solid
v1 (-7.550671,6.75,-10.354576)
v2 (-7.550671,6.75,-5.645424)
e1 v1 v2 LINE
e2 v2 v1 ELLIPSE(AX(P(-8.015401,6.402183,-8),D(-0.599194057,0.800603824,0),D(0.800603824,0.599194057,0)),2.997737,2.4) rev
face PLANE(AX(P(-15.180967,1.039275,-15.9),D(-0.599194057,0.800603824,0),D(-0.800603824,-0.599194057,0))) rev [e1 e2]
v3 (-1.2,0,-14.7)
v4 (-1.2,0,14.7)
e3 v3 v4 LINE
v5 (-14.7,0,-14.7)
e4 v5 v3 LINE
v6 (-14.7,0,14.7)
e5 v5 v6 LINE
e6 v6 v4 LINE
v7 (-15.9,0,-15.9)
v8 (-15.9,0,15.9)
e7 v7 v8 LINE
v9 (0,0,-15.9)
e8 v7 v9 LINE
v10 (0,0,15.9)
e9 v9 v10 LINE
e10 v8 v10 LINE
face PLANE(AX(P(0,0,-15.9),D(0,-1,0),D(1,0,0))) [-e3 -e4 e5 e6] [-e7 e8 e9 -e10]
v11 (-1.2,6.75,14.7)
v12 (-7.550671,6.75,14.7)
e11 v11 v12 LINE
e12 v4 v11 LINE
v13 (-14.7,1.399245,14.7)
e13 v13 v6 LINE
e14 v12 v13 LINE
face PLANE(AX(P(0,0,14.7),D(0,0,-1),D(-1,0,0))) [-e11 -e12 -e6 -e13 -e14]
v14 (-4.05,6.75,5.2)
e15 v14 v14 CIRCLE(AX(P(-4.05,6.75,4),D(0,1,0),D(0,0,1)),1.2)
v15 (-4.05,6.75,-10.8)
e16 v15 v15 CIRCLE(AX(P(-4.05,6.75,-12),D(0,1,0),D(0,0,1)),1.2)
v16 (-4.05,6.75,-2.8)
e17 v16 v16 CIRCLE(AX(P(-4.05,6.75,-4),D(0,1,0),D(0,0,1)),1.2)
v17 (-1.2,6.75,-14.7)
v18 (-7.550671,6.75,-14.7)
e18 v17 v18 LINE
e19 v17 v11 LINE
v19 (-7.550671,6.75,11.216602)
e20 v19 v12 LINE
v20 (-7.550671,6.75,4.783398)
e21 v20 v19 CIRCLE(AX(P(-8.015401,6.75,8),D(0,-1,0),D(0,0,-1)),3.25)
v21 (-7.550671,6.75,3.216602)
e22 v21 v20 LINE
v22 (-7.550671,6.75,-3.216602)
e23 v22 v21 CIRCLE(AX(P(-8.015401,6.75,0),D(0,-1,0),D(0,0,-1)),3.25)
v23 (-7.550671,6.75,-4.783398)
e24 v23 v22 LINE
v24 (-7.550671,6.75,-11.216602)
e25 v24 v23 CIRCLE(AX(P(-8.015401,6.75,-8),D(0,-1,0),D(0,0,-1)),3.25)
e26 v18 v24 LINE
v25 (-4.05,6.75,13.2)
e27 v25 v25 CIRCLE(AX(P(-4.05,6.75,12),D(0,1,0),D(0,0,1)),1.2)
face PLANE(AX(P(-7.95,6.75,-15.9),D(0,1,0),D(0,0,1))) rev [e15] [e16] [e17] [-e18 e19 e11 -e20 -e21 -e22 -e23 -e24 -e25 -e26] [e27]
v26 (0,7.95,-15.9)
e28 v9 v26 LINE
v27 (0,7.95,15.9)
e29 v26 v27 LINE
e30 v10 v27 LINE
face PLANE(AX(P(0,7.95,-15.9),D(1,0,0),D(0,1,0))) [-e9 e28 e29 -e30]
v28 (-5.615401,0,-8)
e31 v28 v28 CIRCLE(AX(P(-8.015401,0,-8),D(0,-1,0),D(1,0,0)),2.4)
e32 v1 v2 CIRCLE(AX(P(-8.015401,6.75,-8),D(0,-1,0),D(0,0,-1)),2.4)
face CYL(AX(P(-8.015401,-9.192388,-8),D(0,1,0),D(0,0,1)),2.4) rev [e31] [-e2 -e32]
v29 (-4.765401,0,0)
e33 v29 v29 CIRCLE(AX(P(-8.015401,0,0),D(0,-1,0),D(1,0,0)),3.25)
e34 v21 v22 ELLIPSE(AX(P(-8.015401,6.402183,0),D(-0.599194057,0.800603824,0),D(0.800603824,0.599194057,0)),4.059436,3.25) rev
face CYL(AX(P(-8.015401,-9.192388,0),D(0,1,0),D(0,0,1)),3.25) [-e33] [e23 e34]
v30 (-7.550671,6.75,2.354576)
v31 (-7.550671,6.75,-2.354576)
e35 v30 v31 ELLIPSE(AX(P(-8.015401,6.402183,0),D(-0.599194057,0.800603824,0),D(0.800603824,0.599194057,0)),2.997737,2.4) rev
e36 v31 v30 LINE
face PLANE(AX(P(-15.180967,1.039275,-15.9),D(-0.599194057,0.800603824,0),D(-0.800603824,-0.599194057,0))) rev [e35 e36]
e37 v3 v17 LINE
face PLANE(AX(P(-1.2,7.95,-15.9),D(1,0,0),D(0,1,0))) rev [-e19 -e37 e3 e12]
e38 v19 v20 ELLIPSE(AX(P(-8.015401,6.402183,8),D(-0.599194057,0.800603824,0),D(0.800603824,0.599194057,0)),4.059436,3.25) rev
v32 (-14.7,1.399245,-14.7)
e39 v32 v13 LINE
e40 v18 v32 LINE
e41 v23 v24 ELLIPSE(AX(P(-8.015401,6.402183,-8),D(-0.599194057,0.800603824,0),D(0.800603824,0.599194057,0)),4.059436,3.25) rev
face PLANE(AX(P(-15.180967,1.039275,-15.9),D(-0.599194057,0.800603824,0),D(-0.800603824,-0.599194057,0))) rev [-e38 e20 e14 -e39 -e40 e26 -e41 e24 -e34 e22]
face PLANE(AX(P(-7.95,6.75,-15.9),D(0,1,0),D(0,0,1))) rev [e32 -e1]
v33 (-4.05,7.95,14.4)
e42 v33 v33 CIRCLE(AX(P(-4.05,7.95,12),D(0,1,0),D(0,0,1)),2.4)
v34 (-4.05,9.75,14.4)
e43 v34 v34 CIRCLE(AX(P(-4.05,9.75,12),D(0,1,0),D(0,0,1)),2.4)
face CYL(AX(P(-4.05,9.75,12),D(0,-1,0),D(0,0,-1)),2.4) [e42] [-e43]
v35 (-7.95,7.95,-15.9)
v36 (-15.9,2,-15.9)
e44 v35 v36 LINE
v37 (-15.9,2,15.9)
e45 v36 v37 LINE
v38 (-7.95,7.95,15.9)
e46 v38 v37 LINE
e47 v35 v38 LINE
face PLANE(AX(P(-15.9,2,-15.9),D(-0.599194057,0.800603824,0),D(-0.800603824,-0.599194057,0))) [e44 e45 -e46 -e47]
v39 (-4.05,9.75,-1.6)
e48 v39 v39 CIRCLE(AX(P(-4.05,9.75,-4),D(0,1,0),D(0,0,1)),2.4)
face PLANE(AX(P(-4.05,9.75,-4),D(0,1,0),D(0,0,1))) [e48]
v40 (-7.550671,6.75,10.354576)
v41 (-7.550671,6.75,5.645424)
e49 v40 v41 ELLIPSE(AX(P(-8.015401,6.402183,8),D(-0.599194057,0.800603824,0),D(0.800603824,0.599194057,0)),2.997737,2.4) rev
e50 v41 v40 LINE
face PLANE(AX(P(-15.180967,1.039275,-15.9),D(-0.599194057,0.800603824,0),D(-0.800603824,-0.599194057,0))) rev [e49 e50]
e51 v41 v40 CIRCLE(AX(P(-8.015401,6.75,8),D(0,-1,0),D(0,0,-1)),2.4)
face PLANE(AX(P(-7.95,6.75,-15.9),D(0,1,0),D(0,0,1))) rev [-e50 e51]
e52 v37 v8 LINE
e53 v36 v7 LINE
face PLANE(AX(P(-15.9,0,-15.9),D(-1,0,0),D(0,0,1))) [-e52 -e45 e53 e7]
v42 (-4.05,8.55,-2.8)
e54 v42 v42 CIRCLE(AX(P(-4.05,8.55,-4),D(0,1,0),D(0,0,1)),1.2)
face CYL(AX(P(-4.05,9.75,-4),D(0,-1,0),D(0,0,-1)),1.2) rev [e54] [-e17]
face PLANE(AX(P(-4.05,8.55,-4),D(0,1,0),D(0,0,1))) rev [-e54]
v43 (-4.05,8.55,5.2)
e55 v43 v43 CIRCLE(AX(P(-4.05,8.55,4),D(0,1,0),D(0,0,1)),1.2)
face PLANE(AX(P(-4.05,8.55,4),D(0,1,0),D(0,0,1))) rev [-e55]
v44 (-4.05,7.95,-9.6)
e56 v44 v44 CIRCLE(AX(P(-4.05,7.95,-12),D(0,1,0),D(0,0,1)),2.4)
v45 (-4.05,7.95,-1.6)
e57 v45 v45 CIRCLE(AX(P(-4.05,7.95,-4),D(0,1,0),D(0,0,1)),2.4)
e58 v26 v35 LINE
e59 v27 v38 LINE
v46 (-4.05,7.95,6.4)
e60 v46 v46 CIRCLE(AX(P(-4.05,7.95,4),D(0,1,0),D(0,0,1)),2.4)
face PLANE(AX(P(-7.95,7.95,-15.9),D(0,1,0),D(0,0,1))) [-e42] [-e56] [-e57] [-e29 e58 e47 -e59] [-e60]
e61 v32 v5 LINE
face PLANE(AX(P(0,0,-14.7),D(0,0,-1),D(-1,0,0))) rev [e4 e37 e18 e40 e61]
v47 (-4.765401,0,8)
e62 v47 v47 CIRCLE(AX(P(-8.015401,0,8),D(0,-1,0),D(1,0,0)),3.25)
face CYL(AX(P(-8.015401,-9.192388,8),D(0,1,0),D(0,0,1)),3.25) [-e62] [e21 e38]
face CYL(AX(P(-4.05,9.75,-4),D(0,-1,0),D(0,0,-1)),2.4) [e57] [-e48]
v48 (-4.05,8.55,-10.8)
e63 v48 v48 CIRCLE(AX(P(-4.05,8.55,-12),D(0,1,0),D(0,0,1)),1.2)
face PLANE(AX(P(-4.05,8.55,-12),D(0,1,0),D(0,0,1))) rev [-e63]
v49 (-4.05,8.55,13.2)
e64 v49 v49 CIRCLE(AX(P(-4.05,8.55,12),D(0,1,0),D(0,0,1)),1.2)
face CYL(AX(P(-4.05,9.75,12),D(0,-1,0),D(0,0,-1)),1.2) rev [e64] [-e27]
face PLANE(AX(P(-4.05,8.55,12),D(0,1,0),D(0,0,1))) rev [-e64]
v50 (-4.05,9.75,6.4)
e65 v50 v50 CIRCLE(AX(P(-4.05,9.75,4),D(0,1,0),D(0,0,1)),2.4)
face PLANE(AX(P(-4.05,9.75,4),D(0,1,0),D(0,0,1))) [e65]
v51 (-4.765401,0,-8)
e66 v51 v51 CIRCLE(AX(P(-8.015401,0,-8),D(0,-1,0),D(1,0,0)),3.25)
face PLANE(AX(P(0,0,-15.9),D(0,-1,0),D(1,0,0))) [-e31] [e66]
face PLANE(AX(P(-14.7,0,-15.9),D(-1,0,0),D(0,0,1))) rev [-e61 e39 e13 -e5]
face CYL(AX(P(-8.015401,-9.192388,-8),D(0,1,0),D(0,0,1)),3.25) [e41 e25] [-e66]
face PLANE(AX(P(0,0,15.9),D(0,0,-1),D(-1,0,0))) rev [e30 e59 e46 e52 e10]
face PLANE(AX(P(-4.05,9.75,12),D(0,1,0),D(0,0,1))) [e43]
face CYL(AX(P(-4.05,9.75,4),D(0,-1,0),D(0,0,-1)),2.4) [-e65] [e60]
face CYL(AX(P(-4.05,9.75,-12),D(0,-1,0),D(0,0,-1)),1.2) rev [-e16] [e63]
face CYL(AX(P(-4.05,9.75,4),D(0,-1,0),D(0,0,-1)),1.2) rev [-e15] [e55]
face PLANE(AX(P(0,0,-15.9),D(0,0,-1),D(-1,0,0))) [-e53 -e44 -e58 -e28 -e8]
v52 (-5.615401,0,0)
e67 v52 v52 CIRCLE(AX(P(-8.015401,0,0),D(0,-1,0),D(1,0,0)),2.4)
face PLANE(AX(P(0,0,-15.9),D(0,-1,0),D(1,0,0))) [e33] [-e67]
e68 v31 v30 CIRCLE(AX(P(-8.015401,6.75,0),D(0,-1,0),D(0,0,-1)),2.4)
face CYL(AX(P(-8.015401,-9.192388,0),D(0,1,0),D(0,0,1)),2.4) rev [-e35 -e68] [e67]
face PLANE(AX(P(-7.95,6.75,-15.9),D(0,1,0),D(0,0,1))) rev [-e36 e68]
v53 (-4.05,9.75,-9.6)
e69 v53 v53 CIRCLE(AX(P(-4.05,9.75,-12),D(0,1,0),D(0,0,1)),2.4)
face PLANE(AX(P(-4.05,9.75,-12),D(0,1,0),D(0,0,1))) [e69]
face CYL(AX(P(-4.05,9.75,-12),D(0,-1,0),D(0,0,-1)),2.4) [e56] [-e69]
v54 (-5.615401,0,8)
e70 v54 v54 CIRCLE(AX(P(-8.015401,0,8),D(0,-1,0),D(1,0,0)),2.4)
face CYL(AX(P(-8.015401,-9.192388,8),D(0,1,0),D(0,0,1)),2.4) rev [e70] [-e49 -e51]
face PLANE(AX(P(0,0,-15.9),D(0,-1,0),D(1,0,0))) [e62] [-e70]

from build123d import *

# Parameters (mm, degrees)
BOSS_EXTRUDE1_DEPTH = 15.9
SKETCH2_R           = 2.4
BOSS_EXTRUDE2_DEPTH = 1.8
LPATTERN1_COUNT     = 4
LPATTERN1_PITCH     = 8
SHELL1_T            = -1.2
SKETCH3_R           = 3.25
SKETCH3_R_2         = 2.4
BOSS_EXTRUDE3_DEPTH = 6.75
LPATTERN3_COUNT     = 2
LPATTERN3_PITCH     = 8
LPATTERN3_COL_COUNT = 2
LPATTERN3_COL_PITCH = 8
SKETCH4_W           = 9.930005036
SKETCH4_H           = 31.8
CUT_EXTRUDE1_DEPTH  = 21.430775863


with BuildPart() as part:
    # Sketch1 → Boss-Extrude1 (new, symmetric)
    with BuildSketch(Plane.XY):
        Polygon((0, 0), (-15.9, 0), (-15.9, 2), (-7.95, 7.95), (0, 7.95), align=None)
    extrude(amount=BOSS_EXTRUDE1_DEPTH, both=True)

    # Sketch2 → Boss-Extrude2 (add)
    with BuildSketch(Plane(origin=(0, 7.95, 0), x_dir=(1, 0, 0), z_dir=(0, 1, 0))):
        with Locations(Location((-4.05, -12, 0), (0, 0, 270))):
            Circle(SKETCH2_R)
    boss_extrude2 = extrude(amount=BOSS_EXTRUDE2_DEPTH)

    # LPattern1: Boss-Extrude2 ×4
    with Locations(*[(0, 0, -i * LPATTERN1_PITCH) for i in range(1, LPATTERN1_COUNT)]):
        add(boss_extrude2)

    # Shell1
    shell1_openings = [part.faces().sort_by_distance(p)[0] for p in [
        (-7.95, 0, 0),
    ]]
    offset(amount=SHELL1_T, openings=shell1_openings, kind=Kind.INTERSECTION)

    # Sketch3 → Boss-Extrude3 (add)
    with BuildSketch(Plane.XZ.offset(-6.75)):
        with Locations(Location((-8.015401462, 0, 0), (0, 0, 81.778871815))):
            Circle(SKETCH3_R)
        with Locations(Location((-8.015401462, 0, 0), (0, 0, 78.834853806))):
            Circle(SKETCH3_R_2, mode=Mode.SUBTRACT)
    boss_extrude3 = extrude(amount=BOSS_EXTRUDE3_DEPTH)

    # LPattern3: Boss-Extrude3 ×2
    with Locations(*[(0, 0, -i * LPATTERN3_PITCH) for i in range(1, LPATTERN3_COUNT)]):
        add(boss_extrude3)

    # LPattern3 col: Boss-Extrude3 ×2
    with Locations(*[(0, 0, i * LPATTERN3_COL_PITCH) for i in range(1, LPATTERN3_COL_COUNT)]):
        add(boss_extrude3)

    # Sketch4 → Cut-Extrude1 (cut, through all)
    with BuildSketch(Plane(origin=(-6.668067035, 8.909434106, 0), x_dir=(0.8006038236418165, 0.5991940566879009, 0), z_dir=(-0.5991940566879009, 0.8006038236418165, 0))):
        with Locations((-6.566210165, 0)):
            Rectangle(SKETCH4_W, SKETCH4_H)
    extrude(amount=CUT_EXTRUDE1_DEPTH, mode=Mode.SUBTRACT)


solid = part.part
